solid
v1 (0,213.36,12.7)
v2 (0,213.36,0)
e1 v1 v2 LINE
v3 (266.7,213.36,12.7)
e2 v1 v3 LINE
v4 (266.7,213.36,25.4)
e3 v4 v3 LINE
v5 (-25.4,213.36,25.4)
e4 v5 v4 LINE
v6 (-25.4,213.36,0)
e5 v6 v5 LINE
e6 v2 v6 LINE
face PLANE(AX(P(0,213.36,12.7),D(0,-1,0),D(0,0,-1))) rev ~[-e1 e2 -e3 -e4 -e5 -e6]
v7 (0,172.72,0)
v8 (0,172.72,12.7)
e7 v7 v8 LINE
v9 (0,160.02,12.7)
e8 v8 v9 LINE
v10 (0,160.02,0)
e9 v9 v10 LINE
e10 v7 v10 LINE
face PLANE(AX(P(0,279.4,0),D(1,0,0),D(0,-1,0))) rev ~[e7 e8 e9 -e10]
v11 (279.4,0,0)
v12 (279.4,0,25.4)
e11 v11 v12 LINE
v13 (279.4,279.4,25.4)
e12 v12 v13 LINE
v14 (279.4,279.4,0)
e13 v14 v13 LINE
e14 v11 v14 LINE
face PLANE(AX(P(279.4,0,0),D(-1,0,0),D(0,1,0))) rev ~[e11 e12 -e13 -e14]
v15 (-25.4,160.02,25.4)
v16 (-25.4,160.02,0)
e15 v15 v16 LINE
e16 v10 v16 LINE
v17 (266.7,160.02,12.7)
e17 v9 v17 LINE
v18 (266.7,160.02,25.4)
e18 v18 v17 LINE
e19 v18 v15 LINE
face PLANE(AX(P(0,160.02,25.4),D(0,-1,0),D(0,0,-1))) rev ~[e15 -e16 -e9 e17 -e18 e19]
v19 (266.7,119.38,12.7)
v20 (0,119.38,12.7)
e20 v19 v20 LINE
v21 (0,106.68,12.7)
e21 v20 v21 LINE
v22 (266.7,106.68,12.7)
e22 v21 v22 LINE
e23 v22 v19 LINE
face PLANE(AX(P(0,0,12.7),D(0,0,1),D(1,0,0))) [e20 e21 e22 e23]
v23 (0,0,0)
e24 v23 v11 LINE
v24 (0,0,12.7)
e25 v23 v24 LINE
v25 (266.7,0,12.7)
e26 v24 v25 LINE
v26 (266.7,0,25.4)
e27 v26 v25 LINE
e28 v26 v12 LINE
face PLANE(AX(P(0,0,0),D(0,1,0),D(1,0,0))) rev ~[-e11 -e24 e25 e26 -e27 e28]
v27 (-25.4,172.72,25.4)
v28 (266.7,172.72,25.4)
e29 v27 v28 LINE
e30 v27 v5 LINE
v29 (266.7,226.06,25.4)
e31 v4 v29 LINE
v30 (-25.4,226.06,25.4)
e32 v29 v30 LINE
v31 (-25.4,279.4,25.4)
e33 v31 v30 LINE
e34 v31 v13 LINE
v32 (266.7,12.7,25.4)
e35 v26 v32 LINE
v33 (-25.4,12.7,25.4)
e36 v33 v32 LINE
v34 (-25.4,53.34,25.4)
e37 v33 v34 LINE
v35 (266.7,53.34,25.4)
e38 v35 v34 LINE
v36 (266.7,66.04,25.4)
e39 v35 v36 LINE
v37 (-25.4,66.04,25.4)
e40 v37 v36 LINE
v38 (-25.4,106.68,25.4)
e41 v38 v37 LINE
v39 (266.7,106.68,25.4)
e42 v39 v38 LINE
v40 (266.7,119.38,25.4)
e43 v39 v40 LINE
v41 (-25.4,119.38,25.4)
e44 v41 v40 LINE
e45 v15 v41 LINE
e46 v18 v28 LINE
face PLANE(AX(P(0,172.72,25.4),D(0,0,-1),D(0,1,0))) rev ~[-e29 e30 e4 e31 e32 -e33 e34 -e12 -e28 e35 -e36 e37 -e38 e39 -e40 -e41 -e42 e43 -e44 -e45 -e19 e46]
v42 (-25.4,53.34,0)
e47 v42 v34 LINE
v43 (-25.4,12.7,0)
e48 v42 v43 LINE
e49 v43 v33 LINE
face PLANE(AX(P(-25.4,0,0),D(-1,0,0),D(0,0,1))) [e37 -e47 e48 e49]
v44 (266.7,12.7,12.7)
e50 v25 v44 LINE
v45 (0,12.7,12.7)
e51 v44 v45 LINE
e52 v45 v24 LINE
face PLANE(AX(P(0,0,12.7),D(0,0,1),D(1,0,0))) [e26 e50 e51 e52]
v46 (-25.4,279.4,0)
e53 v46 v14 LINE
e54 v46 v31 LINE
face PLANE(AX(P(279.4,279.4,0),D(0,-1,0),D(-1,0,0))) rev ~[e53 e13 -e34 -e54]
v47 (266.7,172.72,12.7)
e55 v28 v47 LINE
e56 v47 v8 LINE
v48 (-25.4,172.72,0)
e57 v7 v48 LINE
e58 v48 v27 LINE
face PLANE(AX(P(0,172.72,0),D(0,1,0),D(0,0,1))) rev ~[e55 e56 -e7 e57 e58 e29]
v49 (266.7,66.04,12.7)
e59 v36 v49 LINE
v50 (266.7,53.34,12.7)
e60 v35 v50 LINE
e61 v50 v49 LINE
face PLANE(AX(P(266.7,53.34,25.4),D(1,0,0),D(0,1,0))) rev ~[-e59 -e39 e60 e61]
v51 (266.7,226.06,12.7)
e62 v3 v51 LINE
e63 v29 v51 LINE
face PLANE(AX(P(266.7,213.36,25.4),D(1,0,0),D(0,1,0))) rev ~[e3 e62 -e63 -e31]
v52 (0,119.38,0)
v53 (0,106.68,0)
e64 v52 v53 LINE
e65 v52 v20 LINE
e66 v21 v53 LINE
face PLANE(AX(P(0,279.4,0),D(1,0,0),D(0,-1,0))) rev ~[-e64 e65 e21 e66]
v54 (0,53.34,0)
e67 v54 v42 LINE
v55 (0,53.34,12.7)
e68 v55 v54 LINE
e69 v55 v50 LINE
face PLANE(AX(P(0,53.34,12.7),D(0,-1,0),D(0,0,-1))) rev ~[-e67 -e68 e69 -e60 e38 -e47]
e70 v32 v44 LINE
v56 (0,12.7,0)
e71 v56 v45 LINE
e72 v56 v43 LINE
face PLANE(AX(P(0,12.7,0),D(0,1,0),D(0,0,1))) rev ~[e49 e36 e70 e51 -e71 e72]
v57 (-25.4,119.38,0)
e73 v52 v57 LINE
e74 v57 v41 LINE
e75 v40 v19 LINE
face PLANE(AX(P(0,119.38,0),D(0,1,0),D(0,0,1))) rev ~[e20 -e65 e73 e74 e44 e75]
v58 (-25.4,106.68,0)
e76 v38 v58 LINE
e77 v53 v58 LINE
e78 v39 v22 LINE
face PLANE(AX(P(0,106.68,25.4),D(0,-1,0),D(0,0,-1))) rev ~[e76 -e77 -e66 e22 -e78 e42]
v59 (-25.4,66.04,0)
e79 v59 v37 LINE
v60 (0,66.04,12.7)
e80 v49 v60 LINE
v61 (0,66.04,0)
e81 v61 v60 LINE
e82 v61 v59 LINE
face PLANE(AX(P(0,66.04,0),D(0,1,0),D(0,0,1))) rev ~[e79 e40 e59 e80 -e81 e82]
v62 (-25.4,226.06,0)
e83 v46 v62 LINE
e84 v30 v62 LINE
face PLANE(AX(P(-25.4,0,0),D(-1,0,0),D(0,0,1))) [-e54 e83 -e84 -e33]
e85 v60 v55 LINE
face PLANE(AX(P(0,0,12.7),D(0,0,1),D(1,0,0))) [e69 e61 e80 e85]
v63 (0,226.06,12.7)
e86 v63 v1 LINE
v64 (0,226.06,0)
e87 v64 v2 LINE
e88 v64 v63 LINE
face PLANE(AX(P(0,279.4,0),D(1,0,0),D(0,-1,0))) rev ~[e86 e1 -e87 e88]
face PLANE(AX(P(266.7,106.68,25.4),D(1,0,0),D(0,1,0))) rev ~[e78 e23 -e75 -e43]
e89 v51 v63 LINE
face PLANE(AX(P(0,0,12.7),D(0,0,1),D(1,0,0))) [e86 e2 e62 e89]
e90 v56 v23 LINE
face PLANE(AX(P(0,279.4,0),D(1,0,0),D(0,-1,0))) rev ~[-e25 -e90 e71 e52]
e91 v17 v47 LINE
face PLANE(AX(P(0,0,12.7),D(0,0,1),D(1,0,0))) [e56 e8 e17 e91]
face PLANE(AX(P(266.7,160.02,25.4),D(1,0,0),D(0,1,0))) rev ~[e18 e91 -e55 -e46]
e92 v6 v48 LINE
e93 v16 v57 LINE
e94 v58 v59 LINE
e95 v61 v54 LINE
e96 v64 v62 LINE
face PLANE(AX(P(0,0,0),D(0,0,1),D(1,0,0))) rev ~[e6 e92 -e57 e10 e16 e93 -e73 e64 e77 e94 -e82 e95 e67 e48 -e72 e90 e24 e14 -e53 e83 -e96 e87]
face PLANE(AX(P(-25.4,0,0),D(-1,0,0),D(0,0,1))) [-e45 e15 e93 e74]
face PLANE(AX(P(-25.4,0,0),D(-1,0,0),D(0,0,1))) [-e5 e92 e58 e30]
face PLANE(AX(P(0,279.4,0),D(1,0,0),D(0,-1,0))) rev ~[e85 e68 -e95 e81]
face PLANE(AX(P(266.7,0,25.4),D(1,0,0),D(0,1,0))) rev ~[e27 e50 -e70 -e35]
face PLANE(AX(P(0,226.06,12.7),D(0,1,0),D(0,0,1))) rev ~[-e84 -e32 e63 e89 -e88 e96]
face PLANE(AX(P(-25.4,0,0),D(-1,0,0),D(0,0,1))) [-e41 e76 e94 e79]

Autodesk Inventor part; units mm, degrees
ref_plane "YZ Plane" through (0, 0, 0) normal (1, 0, 0) x (0, 1, 0)
ref_plane "XZ Plane" through (0, 0, 0) normal (0, 1, 0) x (-1, 0, 0)
ref_plane "XY Plane" through (0, 0, 0) normal (0, 0, 1) x (1, 0, 0)
sketch "Sketch1" plane through (0, 0, 0) normal (0, 0, 1) x (1, 0, 0)
  line L0 (0, 0) -> (279.4, 0)
  line L1 (279.4, 0) -> (279.4, 279.4)
  line L2 (279.4, 279.4) -> (0, 279.4)
  line L3 (0, 279.4) -> (0, 0)
  dimension "d0" = 279.4
  dimension "d1" = 279.4
extrude "Extrusion1" add sketch "Sketch1" along normal blind 25.4
sketch "Sketch2" plane through (0, 0, 25.4) normal (0, 0, 1) x (1, 0, 0)
  line L0 (0, 279.4) -> (0, 0) projected
  line L1 (0, 213.36) -> (266.7, 213.36)
  line L2 (266.7, 213.36) -> (266.7, 226.06)
  line L3 (266.7, 226.06) -> (0, 226.06)
  line L4 (0, 226.06) -> (0, 213.36)
  line L5 (279.4, 279.4) -> (0, 279.4) projected
  line L6 (0, 106.68) -> (266.7, 106.68)
  line L7 (266.7, 106.68) -> (266.7, 119.38)
  line L8 (266.7, 119.38) -> (0, 119.38)
  line L9 (0, 119.38) -> (0, 106.68)
  line L10 (0, 0) -> (266.7, 0)
  line L11 (266.7, 0) -> (266.7, 12.7)
  line L12 (266.7, 12.7) -> (0, 12.7)
  line L13 (0, 12.7) -> (0, 0)
  line L14 (0, 53.34) -> (266.7, 53.34)
  line L15 (266.7, 53.34) -> (266.7, 66.04)
  line L16 (266.7, 66.04) -> (0, 66.04)
  line L17 (0, 66.04) -> (0, 53.34)
  line L18 (0, 160.02) -> (266.7, 160.02)
  line L19 (266.7, 160.02) -> (266.7, 172.72)
  line L20 (266.7, 172.72) -> (0, 172.72)
  line L21 (0, 172.72) -> (0, 160.02)
  point P0 (0, 226.06)
  point P1 (0, 172.72)
  point P2 (0, 119.38)
  point P3 (0, 66.04)
  point P4 (0, 12.7)
  dimension "d4" = 266.7
  dimension "d5" = 12.7
  dimension "d6" = 53.34
  dimension "d7" = 266.7
  dimension "d8" = 0
  dimension "d9" = 0
  dimension "d10" = 0
  dimension "d11" = 0
  dimension "d12" = 266.7
  dimension "d13" = 266.7
  dimension "d14" = 266.7
  dimension "d15" = 12.7
  dimension "d16" = 40.64
  dimension "d17" = 12.7
  dimension "d18" = 40.64
  dimension "d19" = 12.7
  dimension "d20" = 12.7
  dimension "d21" = 40.64
  dimension "d22" = 40.64
extrude "Extrusion2" cut sketch "Sketch2" against normal blind 12.7
sketch "Sketch3" plane through (0, 0, 0) normal (-1, 0, 0) x (0, 0, 1)
  line L0 (0, 279.4) -> (0, 0) projected
  line L1 (12.7, 226.06) -> (25.4, 226.06) projected
  line L2 (0, 279.4) -> (25.4, 279.4)
  line L3 (25.4, 279.4) -> (25.4, 226.06)
  line L4 (25.4, 226.06) -> (0, 226.06)
  line L5 (0, 226.06) -> (0, 279.4)
  line L6 (25.4, 213.36) -> (12.7, 213.36) projected
  line L7 (25.4, 213.36) -> (0, 213.36)
  line L8 (0, 213.36) -> (0, 172.72)
  line L9 (0, 172.72) -> (25.4, 172.72)
  line L10 (25.4, 172.72) -> (25.4, 213.36)
  line L11 (25.4, 160.02) -> (25.4, 119.38) projected
  line L12 (25.4, 160.02) -> (0, 160.02)
  line L13 (0, 160.02) -> (0, 119.38)
  line L14 (0, 119.38) -> (25.4, 119.38)
  line L15 (25.4, 119.38) -> (25.4, 160.02)
  line L16 (25.4, 106.68) -> (25.4, 66.04) projected
  line L17 (25.4, 106.68) -> (0, 106.68)
  line L18 (0, 106.68) -> (0, 66.04)
  line L19 (0, 66.04) -> (25.4, 66.04)
  line L20 (25.4, 66.04) -> (25.4, 106.68)
  line L21 (25.4, 53.34) -> (12.7, 53.34) projected
  line L22 (25.4, 53.34) -> (0, 53.34)
  line L23 (0, 53.34) -> (0, 12.7)
  line L24 (0, 12.7) -> (25.4, 12.7)
  line L25 (25.4, 12.7) -> (25.4, 53.34)
  dimension "d25" = 40.64
  dimension "d26" = 25.4
  dimension "d27" = 40.64
  dimension "d28" = 25.4
  dimension "d29" = 40.64
  dimension "d30" = 25.4
  dimension "d31" = 40.64
extrude "Extrusion3" add sketch "Sketch3" along normal blind 25.4
properties part number "NewBackPlate"
